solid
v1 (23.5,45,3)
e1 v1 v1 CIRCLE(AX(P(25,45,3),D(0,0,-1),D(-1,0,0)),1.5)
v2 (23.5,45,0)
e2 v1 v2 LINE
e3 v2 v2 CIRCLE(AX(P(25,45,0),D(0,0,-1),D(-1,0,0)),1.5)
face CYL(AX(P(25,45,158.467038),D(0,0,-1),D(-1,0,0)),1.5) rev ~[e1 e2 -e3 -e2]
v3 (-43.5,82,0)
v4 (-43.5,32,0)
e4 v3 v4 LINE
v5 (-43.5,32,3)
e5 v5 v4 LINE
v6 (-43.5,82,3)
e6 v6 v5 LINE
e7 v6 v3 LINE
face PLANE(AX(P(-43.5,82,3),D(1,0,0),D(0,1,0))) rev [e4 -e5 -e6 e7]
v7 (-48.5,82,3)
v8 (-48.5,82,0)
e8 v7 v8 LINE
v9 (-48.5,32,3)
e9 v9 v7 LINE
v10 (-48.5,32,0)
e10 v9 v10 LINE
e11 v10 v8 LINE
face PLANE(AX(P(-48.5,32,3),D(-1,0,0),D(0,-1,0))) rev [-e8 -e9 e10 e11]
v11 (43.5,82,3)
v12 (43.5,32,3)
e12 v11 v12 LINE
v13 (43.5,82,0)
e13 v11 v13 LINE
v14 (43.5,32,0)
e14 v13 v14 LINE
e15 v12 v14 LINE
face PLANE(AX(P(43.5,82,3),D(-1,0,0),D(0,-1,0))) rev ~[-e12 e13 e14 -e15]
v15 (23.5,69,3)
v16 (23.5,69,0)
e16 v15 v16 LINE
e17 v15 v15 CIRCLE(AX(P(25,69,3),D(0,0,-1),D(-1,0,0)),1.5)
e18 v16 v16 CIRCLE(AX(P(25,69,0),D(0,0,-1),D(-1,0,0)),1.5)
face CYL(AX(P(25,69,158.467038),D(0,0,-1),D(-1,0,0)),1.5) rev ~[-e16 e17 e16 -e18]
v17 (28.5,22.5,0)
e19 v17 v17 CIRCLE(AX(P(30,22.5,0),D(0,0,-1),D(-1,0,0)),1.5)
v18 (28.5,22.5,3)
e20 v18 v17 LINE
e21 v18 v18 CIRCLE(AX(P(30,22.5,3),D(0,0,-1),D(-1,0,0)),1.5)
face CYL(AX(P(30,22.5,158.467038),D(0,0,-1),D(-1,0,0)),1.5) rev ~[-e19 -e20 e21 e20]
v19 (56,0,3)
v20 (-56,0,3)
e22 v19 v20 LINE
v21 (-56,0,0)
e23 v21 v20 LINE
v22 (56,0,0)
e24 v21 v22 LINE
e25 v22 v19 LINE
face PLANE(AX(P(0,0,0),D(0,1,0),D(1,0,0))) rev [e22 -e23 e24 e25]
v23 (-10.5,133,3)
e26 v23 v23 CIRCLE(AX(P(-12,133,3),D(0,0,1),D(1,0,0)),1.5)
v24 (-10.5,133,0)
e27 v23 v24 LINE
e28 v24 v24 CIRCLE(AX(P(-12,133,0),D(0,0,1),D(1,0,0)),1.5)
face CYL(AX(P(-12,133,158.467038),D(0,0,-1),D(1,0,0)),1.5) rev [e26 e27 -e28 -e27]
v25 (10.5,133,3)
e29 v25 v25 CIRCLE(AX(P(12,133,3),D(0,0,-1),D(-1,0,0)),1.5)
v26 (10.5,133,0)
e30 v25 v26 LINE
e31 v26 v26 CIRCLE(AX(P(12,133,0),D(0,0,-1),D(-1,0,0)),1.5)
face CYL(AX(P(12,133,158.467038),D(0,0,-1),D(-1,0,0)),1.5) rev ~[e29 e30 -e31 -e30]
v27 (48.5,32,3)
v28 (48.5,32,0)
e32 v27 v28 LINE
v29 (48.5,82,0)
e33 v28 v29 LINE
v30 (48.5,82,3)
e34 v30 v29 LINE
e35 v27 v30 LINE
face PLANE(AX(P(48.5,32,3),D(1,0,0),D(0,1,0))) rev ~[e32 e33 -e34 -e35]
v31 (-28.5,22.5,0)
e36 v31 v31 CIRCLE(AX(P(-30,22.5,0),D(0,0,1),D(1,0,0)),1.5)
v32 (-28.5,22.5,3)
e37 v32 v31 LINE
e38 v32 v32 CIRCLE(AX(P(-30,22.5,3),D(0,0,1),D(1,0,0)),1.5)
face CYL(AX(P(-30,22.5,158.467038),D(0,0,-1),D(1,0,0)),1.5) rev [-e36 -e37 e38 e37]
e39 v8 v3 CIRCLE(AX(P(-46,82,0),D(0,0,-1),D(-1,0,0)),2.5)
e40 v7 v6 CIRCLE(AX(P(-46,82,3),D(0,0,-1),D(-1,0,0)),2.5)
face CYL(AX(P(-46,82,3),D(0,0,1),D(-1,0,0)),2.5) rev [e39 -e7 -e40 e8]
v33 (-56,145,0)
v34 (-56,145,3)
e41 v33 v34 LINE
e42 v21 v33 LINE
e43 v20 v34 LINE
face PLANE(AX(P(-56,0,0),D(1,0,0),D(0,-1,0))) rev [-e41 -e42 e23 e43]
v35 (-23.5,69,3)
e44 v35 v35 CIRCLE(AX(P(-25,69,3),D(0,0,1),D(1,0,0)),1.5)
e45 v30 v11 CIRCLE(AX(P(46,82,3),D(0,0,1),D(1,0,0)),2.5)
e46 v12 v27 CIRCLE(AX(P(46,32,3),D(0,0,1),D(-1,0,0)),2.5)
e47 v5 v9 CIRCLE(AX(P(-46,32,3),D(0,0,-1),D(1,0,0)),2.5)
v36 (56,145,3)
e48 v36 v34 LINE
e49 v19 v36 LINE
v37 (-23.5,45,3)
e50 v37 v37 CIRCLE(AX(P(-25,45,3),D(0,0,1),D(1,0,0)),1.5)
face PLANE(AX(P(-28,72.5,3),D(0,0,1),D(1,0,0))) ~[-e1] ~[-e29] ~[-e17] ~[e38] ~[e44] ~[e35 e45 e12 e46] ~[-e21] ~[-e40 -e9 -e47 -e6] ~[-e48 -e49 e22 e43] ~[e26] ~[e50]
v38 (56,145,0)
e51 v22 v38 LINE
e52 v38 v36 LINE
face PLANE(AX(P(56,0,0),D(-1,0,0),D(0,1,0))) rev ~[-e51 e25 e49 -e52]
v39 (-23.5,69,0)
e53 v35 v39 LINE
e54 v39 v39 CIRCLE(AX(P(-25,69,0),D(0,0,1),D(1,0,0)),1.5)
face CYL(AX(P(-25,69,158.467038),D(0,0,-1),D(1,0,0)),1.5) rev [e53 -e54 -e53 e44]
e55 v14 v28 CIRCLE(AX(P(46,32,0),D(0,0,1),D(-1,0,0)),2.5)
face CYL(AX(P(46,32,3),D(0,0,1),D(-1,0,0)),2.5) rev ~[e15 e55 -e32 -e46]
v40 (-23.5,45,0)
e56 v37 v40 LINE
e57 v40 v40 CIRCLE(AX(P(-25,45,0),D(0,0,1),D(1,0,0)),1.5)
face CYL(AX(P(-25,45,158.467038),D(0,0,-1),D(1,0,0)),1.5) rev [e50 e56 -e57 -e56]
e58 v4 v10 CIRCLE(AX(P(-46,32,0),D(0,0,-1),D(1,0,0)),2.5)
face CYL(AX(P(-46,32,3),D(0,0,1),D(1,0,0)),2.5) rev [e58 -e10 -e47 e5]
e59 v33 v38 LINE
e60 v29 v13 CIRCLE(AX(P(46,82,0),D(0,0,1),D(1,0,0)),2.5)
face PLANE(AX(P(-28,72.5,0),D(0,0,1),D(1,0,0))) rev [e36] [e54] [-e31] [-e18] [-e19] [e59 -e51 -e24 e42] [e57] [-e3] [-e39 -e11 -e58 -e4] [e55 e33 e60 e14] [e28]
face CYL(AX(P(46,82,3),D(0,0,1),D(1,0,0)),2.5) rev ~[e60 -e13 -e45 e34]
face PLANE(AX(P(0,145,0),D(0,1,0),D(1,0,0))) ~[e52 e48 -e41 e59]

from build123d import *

# Parameters (mm, degrees)
F0_W     = 56
F0_H     = 145
F1_DEPTH = 3
F3_D     = 3
F8_DEPTH = 25
F11_D    = 3
F13_D    = 3


with BuildPart() as f1:
    # F0 (on Top) → F1 (new body)
    with BuildSketch(Plane.XY):
        with Locations((28, 72.5)):
            Rectangle(F0_W, F0_H)
    extrude(amount=F1_DEPTH)

    # F3 (through all)
    with Locations(Plane.XY.offset(3)):
        with Locations((25, 69), (25, 45)):
            Hole(F3_D / 2)

    # F7 (on face) → F8 (cut)
    with BuildSketch(Plane.XY.offset(3)):
        with BuildLine():
            ThreePointArc((48.5, 82), (46, 84.5), (43.5, 82))
            Line((43.5, 82), (43.5, 32))
            ThreePointArc((43.5, 32), (46, 29.5), (48.5, 32))
            Line((48.5, 32), (48.5, 82))
        make_face()
    extrude(amount=-F8_DEPTH, mode=Mode.SUBTRACT)

    # F11 (through all)
    with Locations(Plane.XY.offset(3)):
        with Locations((12, 133)):
            Hole(F11_D / 2)

    # F13 (through all)
    with Locations(Plane.XY.offset(3)):
        with Locations((30, 22.5)):
            Hole(F13_D / 2)

    # F14: F1 across plane


with BuildPart() as f1_1:
    add(f1.part)
    add(f1.part.mirror(Plane.YZ))


solid = f1_1.part
